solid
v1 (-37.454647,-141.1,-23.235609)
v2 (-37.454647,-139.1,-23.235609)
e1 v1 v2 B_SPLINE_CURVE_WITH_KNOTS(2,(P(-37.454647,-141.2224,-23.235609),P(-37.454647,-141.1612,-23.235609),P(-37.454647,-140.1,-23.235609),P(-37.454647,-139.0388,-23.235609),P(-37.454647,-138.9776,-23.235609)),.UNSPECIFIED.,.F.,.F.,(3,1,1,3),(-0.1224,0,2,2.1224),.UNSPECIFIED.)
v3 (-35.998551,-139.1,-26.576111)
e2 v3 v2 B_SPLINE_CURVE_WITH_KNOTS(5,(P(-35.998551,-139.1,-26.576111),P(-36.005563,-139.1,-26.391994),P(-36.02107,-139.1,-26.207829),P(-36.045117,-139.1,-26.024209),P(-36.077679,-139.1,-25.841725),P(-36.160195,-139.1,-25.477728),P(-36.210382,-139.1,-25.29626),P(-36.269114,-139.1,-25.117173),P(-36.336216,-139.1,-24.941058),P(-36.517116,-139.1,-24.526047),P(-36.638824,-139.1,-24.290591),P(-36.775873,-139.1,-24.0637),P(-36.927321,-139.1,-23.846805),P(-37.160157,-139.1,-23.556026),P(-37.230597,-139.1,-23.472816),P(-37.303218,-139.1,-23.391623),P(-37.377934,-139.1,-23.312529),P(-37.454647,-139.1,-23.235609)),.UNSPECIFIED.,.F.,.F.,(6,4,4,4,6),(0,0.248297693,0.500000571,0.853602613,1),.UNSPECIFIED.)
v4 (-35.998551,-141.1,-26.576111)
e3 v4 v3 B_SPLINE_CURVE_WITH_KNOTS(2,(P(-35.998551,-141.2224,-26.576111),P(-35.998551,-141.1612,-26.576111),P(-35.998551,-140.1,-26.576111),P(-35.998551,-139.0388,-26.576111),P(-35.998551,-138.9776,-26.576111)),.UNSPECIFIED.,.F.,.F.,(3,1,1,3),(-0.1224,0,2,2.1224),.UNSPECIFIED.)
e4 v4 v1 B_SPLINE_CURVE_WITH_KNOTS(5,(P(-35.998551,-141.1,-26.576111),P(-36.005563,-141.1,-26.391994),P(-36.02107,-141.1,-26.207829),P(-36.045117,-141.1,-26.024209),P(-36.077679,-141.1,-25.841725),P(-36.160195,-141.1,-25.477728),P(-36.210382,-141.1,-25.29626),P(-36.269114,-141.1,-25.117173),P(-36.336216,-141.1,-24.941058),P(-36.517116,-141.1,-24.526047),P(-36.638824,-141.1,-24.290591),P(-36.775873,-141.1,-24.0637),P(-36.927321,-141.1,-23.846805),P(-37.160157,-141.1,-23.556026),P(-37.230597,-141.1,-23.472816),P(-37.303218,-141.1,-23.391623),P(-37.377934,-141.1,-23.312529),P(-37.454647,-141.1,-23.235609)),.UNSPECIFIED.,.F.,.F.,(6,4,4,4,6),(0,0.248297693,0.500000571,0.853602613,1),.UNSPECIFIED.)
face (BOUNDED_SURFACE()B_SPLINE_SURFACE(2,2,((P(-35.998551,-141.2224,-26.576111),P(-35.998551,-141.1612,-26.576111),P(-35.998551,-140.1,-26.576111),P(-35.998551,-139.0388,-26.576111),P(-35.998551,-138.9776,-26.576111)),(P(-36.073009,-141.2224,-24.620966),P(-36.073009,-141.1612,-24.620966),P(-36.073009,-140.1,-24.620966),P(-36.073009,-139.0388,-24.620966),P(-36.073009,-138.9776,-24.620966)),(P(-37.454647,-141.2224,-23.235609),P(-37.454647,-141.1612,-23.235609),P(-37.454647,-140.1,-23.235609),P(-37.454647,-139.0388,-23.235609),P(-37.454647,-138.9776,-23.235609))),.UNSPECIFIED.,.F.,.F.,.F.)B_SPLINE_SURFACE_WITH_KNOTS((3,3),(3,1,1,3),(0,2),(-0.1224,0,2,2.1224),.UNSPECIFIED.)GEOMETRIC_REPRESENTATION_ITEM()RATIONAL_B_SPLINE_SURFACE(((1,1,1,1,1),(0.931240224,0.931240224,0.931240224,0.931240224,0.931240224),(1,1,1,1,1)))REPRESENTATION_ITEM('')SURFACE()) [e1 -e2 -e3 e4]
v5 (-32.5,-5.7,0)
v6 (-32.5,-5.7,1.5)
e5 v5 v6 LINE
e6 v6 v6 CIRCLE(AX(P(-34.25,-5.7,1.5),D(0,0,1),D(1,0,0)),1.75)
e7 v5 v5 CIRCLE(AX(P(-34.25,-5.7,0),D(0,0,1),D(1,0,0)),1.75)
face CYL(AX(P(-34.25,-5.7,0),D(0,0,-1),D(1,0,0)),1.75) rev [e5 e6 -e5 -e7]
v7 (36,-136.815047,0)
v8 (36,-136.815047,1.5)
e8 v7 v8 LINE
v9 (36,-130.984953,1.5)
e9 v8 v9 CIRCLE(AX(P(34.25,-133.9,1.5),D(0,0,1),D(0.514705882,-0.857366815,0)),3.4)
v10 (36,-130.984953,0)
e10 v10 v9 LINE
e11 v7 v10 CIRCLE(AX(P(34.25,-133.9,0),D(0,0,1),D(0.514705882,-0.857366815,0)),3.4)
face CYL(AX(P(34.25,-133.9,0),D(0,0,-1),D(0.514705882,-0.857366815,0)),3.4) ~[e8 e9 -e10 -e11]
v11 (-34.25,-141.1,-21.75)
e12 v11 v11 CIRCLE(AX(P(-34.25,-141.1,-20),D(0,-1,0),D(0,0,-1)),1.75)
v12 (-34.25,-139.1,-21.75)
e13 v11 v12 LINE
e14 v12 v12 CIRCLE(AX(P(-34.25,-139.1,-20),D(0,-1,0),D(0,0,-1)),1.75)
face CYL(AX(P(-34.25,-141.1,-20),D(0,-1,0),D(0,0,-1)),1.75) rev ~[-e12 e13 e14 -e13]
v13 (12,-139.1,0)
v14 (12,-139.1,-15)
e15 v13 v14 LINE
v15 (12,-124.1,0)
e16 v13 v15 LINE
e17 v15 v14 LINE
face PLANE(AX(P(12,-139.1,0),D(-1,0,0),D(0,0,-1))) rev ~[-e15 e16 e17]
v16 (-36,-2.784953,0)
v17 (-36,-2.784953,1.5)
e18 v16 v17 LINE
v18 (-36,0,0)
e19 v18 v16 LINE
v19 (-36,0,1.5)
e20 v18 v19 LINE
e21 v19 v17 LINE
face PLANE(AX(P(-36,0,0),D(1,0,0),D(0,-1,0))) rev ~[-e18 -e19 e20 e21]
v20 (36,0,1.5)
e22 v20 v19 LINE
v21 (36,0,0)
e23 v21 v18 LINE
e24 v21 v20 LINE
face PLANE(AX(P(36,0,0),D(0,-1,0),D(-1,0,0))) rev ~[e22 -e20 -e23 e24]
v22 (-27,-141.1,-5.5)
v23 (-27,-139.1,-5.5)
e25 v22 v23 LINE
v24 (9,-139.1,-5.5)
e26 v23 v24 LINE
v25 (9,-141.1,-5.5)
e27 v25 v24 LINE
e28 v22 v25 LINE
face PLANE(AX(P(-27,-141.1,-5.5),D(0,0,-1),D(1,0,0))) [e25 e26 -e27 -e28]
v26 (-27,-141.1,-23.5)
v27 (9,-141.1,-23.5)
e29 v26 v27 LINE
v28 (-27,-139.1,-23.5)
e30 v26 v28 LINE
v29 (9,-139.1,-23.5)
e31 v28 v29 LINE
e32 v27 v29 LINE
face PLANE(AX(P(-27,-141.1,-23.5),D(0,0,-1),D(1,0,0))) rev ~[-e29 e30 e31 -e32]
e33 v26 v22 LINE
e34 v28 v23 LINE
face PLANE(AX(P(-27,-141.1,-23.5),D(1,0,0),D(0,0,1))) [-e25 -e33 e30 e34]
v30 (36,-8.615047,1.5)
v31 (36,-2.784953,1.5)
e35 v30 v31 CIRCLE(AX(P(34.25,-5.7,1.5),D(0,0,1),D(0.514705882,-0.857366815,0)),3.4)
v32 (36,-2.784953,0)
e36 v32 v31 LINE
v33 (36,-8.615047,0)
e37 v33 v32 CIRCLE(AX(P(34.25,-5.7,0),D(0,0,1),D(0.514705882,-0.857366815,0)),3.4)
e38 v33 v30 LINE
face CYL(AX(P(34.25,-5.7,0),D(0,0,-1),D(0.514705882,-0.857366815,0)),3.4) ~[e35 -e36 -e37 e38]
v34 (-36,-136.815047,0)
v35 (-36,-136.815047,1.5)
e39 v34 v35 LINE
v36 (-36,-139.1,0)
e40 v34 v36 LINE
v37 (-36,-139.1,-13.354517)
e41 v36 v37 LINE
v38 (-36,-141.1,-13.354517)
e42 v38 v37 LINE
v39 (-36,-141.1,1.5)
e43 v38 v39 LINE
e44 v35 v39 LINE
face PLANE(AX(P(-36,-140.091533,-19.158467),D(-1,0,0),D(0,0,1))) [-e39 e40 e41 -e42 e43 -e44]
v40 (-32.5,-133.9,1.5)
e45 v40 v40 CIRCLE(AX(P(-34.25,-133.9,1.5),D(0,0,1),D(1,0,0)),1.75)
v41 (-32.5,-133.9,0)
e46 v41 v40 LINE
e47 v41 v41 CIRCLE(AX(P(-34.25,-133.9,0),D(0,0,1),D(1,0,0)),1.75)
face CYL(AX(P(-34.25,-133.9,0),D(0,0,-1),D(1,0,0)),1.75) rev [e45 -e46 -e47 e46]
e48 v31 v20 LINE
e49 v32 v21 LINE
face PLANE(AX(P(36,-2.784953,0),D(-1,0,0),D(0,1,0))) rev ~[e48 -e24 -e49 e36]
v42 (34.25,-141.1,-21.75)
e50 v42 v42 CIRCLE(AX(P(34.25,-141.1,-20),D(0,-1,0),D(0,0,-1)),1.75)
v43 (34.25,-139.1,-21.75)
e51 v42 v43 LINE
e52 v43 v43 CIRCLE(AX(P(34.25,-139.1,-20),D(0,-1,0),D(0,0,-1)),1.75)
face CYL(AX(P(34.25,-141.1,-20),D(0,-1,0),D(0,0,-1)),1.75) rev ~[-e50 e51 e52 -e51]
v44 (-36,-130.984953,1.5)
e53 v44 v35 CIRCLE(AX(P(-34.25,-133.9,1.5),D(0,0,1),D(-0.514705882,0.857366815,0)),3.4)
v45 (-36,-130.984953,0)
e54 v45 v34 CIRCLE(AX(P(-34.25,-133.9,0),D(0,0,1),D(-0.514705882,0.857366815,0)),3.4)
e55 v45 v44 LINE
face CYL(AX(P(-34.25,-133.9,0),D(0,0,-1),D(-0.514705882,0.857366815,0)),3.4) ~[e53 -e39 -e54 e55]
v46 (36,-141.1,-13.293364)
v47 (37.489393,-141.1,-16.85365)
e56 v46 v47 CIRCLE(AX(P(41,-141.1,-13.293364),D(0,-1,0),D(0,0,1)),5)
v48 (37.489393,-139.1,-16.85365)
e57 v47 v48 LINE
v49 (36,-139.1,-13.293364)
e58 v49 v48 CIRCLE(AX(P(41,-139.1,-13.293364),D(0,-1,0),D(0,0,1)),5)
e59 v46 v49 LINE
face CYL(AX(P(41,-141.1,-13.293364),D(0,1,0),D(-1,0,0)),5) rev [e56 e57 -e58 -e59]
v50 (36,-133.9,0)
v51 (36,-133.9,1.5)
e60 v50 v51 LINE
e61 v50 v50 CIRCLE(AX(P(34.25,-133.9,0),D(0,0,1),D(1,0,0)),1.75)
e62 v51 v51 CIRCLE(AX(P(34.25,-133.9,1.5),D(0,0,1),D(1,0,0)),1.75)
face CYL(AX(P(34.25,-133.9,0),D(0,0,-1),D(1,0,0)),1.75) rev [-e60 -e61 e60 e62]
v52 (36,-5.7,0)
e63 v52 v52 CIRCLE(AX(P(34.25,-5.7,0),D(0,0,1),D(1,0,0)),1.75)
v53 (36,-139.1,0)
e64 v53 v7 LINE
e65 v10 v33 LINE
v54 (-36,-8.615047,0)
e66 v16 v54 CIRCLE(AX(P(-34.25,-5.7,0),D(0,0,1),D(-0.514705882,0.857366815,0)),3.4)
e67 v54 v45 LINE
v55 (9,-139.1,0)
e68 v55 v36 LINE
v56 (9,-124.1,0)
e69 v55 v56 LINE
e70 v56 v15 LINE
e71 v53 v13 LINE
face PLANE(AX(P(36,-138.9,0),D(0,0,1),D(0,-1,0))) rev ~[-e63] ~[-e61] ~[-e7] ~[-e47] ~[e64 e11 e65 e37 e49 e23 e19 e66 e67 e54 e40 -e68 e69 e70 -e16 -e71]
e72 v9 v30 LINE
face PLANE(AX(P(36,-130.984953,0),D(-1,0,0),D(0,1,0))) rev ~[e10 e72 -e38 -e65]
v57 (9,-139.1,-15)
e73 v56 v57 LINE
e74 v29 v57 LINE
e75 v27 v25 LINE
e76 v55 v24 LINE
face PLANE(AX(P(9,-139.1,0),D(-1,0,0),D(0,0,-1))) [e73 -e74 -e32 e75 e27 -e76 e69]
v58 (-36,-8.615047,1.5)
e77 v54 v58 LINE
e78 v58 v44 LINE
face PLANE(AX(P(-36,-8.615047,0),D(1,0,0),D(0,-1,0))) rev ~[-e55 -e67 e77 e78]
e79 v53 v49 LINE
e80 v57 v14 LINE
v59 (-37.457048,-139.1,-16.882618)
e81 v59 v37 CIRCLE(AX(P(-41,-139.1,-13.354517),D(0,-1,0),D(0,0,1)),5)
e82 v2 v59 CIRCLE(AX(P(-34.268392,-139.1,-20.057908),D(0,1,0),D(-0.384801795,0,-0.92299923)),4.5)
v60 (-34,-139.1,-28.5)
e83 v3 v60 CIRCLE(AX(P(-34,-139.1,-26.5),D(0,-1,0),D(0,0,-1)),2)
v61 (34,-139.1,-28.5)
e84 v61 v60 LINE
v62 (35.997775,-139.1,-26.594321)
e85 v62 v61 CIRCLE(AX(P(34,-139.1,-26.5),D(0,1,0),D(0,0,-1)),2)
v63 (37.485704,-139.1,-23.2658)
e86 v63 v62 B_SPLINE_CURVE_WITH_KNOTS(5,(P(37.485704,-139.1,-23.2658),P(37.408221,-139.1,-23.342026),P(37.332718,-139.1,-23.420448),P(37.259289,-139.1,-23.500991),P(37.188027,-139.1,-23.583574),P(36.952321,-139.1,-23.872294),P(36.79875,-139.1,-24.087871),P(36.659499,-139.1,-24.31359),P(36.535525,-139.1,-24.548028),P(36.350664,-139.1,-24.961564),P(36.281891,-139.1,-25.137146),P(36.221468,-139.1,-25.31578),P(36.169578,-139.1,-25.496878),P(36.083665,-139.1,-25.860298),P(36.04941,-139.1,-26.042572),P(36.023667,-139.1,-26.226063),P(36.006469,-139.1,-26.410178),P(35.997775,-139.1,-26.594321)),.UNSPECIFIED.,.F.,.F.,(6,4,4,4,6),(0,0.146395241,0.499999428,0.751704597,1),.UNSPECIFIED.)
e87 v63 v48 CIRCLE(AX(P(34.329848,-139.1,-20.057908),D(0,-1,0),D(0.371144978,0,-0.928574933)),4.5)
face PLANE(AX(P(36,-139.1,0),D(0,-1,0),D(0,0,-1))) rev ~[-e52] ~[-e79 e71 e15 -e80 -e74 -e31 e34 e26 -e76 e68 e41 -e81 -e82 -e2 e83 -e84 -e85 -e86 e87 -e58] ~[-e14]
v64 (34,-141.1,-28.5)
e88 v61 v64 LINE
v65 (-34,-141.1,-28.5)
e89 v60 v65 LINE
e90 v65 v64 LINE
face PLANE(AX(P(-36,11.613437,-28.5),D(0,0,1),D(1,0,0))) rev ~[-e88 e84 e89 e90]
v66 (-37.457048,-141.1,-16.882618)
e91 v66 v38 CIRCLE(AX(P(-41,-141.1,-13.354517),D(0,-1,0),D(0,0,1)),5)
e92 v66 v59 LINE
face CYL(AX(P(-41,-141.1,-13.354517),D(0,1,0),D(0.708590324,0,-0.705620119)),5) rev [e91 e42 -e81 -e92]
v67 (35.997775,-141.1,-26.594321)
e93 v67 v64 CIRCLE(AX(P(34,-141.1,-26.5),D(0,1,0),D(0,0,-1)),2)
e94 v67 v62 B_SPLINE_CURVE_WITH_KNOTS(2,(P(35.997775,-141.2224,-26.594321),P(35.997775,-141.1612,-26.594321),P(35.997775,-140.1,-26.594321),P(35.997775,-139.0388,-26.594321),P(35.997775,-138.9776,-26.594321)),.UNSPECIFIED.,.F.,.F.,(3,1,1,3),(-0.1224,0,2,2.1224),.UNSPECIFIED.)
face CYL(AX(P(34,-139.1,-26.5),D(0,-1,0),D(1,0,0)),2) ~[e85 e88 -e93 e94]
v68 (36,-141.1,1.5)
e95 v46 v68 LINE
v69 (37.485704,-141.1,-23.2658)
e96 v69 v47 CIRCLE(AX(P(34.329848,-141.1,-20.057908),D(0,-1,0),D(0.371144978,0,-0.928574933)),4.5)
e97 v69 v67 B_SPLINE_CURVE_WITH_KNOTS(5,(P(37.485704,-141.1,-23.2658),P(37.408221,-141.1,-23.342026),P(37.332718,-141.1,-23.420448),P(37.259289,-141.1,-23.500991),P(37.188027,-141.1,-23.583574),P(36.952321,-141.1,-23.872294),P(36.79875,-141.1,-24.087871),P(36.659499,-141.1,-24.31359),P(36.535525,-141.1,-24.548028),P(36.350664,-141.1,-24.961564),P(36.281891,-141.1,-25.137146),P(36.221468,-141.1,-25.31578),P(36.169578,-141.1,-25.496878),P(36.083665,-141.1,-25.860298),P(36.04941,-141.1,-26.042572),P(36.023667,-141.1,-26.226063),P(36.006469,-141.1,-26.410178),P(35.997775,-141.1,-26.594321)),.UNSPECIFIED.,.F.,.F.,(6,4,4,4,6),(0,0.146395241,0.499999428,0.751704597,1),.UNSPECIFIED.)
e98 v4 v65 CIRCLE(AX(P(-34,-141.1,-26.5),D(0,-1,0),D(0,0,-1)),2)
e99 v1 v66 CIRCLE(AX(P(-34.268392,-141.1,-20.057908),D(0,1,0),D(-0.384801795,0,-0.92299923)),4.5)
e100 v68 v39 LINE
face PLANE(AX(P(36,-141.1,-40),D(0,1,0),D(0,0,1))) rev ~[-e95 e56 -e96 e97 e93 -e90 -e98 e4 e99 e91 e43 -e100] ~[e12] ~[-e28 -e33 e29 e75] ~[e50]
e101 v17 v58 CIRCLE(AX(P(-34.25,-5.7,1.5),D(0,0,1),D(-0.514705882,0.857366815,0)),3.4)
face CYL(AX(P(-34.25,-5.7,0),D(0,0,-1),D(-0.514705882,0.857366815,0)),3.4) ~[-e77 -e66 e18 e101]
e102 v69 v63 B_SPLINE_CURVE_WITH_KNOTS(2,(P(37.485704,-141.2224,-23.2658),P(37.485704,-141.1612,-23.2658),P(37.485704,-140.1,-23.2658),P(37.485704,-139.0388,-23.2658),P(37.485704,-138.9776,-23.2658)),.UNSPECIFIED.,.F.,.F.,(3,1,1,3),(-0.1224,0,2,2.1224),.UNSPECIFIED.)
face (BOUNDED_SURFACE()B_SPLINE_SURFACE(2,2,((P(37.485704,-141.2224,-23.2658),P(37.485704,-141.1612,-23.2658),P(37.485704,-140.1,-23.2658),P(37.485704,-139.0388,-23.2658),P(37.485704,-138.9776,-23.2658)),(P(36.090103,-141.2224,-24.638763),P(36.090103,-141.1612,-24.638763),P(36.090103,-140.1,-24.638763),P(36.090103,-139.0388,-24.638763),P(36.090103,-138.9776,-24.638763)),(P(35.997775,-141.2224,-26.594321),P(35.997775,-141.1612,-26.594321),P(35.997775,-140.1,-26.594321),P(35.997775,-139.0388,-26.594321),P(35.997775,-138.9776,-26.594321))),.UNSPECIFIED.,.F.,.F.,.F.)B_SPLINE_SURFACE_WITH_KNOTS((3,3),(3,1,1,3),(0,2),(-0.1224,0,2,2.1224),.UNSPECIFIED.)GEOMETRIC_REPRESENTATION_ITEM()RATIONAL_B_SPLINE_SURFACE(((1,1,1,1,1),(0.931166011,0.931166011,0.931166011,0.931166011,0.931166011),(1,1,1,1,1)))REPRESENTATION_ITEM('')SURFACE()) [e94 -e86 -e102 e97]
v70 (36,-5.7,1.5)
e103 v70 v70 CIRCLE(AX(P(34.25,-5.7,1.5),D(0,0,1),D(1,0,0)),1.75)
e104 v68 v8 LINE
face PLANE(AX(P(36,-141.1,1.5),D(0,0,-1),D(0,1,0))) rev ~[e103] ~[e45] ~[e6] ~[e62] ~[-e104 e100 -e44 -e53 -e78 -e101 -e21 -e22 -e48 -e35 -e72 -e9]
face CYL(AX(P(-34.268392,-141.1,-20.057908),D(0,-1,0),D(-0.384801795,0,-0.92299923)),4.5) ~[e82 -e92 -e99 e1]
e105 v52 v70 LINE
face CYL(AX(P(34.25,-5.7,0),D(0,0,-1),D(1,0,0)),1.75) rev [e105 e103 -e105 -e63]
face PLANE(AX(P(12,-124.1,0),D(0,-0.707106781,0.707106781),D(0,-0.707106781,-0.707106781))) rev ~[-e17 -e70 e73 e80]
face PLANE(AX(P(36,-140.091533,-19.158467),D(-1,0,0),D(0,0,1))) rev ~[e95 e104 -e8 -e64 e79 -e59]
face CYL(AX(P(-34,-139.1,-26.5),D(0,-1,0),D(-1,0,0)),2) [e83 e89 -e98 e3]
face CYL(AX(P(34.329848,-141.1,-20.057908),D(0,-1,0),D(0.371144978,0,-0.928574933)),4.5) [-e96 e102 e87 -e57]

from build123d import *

# Parameters (mm, degrees)
SKETCH1_R               = 1.75
BOSS_EXTRUDE1_DEPTH     = 1.5
BOSS_EXTRUDE2_START     = -72
BOSS_EXTRUDE2_DEPTH     = 72
BOSS_EXTRUDE4_DEPTH     = 2
SKETCH5_R               = 1.75
CUT_EXTRUDE1_DEPTH      = 2
CUT_EXTRUDE2_DEPTH      = 152.713437324
CUT_EXTRUDE2_DEPTH_BACK = 152.713437324
SKETCH6_W               = 72
SKETCH6_H               = 11.5
FILLET1_R               = 2
SKETCH8_W               = 36
SKETCH8_H               = 18
CUT_EXTRUDE3_DEPTH      = 22.4262221
SKETCH11_W              = 3
SKETCH11_H              = 15
BOSS_EXTRUDE7_DEPTH     = 15
CUT_EXTRUDE5_REACH      = 154.64
FILLET3_R               = 5


with BuildPart() as part:
    # Sketch1 → Boss-Extrude1 (new body)
    with BuildSketch(Plane.XY):
        with BuildLine():
            Line((-32.5, -138.9), (32.5, -138.9))
            Line((32.5, -138.9), (36, -138.9))
            Line((36, -138.9), (36, -136.815047169))
            ThreePointArc((36, -136.815047169), (37.65, -133.9), (36, -130.984952831))
            Line((36, -130.984952831), (36, -8.615047169))
            ThreePointArc((36, -8.615047169), (37.65, -5.7), (36, -2.784952831))
            Line((36, -2.784952831), (36, 0))
            Line((36, 0), (-36, 0))
            Line((-36, 0), (-36, -2.784952831))
            ThreePointArc((-36, -2.784952831), (-37.65, -5.7), (-36, -8.615047169))
            Line((-36, -8.615047169), (-36, -130.984952831))
            ThreePointArc((-36, -130.984952831), (-37.65, -133.9), (-36, -136.815047169))
            Line((-36, -136.815047169), (-36, -138.9))
            Line((-36, -138.9), (-32.5, -138.9))
        make_face()
        with Locations((-34.25, -133.9)):
            Circle(SKETCH1_R, mode=Mode.SUBTRACT)
        with Locations((34.25, -133.9)):
            Circle(SKETCH1_R, mode=Mode.SUBTRACT)
        with Locations((34.25, -5.7)):
            Circle(SKETCH1_R, mode=Mode.SUBTRACT)
        with Locations((-34.25, -5.7)):
            Circle(SKETCH1_R, mode=Mode.SUBTRACT)
    extrude(amount=BOSS_EXTRUDE1_DEPTH)

    # Sketch2 → Boss-Extrude2 (add)
    with BuildSketch(Plane.ZY.offset(36).offset(BOSS_EXTRUDE2_START)):
        Polygon((1.5, -141.1), (1.5, -138.9), (0, -138.9), (0, -139.1), (-40, -139.1), (-40, -141.1), align=None)
    extrude(amount=BOSS_EXTRUDE2_DEPTH)

    # Sketch4 → Boss-Extrude4 (add)
    with BuildSketch(Plane.XZ.offset(141.1)):
        with BuildLine():
            Line((-36, -15.904411924), (-36, -24.211404996))
            ThreePointArc((-36, -24.211404996), (-38.768391924, -20.05790846), (-36, -15.904411924))
        make_face()
        with BuildLine():
            Line((36, -15.879321263), (36, -24.236495657))
            ThreePointArc((36, -24.236495657), (38.8298476, -20.05790846), (36, -15.879321263))
        make_face()
    extrude(amount=-BOSS_EXTRUDE4_DEPTH)

    # Sketch5 → Cut-Extrude1 (cut)
    with BuildSketch(Plane.XZ.offset(141.1)):
        with Locations(Location((-34.25, -20, 0), (0, 0, 270))):
            Circle(SKETCH5_R)
        with Locations(Location((34.25, -20, 0), (0, 0, 270))):
            Circle(SKETCH5_R)
    extrude(amount=-CUT_EXTRUDE1_DEPTH, mode=Mode.SUBTRACT)

    # Sketch6 → Cut-Extrude2 (cut, two sides: drawn at the far end of the back side and taken through both)
    with BuildSketch(Plane.XZ.offset(141.1).offset(-CUT_EXTRUDE2_DEPTH_BACK)):
        with Locations((0, -34.25)):
            Rectangle(SKETCH6_W, SKETCH6_H)
    extrude(amount=CUT_EXTRUDE2_DEPTH + CUT_EXTRUDE2_DEPTH_BACK, mode=Mode.SUBTRACT)

    # Fillet1
    fillet1_edges = [part.edges().sort_by_distance(p)[0] for p in [
        (36, -140.1, -28.5),
        (-36, -140.1, -28.5),
    ]]
    fillet(fillet1_edges, radius=FILLET1_R)

    # Sketch8 → Cut-Extrude3 (cut)
    with BuildSketch(Plane.XZ.offset(141.1)):
        with Locations((-9, -14.5)):
            Rectangle(SKETCH8_W, SKETCH8_H)
    extrude(amount=-CUT_EXTRUDE3_DEPTH, mode=Mode.SUBTRACT)

    # Sketch11 → Boss-Extrude7 (add)
    with BuildSketch(Plane(origin=(0, -139.1, 0), x_dir=(1, 0, 0), z_dir=(0, 1, 0))):
        with Locations((10.5, 7.5)):
            Rectangle(SKETCH11_W, SKETCH11_H)
    extrude(amount=BOSS_EXTRUDE7_DEPTH)

    # Sketch12 → Cut-Extrude5 (cut, up to next)
    with BuildSketch(Plane(origin=(12, 0, 0), x_dir=(0, 0, -1), z_dir=(1, 0, 0)), mode=Mode.PRIVATE) as cut_extrude5_sk1:
        Polygon((0, -124.1), (15, -139.1), (15, -124.1), align=None)
    cut_extrude5_tool1 = extrude(cut_extrude5_sk1.sketch, amount=-CUT_EXTRUDE5_REACH, mode=Mode.PRIVATE) & part.part
    add(cut_extrude5_tool1.solids().sort_by_distance((12, -129.1, -10))[0], mode=Mode.SUBTRACT)

    # Fillet3
    fillet3_edges = [part.edges().sort_by_distance(p)[0] for p in [
        (36, -140.1, -24.236495657),
        (36, -140.1, -15.879321263),
        (-36, -140.1, -15.904411924),
        (-36, -140.1, -24.211404996),
    ]]
    fillet(fillet3_edges, radius=FILLET3_R)


solid = part.part
